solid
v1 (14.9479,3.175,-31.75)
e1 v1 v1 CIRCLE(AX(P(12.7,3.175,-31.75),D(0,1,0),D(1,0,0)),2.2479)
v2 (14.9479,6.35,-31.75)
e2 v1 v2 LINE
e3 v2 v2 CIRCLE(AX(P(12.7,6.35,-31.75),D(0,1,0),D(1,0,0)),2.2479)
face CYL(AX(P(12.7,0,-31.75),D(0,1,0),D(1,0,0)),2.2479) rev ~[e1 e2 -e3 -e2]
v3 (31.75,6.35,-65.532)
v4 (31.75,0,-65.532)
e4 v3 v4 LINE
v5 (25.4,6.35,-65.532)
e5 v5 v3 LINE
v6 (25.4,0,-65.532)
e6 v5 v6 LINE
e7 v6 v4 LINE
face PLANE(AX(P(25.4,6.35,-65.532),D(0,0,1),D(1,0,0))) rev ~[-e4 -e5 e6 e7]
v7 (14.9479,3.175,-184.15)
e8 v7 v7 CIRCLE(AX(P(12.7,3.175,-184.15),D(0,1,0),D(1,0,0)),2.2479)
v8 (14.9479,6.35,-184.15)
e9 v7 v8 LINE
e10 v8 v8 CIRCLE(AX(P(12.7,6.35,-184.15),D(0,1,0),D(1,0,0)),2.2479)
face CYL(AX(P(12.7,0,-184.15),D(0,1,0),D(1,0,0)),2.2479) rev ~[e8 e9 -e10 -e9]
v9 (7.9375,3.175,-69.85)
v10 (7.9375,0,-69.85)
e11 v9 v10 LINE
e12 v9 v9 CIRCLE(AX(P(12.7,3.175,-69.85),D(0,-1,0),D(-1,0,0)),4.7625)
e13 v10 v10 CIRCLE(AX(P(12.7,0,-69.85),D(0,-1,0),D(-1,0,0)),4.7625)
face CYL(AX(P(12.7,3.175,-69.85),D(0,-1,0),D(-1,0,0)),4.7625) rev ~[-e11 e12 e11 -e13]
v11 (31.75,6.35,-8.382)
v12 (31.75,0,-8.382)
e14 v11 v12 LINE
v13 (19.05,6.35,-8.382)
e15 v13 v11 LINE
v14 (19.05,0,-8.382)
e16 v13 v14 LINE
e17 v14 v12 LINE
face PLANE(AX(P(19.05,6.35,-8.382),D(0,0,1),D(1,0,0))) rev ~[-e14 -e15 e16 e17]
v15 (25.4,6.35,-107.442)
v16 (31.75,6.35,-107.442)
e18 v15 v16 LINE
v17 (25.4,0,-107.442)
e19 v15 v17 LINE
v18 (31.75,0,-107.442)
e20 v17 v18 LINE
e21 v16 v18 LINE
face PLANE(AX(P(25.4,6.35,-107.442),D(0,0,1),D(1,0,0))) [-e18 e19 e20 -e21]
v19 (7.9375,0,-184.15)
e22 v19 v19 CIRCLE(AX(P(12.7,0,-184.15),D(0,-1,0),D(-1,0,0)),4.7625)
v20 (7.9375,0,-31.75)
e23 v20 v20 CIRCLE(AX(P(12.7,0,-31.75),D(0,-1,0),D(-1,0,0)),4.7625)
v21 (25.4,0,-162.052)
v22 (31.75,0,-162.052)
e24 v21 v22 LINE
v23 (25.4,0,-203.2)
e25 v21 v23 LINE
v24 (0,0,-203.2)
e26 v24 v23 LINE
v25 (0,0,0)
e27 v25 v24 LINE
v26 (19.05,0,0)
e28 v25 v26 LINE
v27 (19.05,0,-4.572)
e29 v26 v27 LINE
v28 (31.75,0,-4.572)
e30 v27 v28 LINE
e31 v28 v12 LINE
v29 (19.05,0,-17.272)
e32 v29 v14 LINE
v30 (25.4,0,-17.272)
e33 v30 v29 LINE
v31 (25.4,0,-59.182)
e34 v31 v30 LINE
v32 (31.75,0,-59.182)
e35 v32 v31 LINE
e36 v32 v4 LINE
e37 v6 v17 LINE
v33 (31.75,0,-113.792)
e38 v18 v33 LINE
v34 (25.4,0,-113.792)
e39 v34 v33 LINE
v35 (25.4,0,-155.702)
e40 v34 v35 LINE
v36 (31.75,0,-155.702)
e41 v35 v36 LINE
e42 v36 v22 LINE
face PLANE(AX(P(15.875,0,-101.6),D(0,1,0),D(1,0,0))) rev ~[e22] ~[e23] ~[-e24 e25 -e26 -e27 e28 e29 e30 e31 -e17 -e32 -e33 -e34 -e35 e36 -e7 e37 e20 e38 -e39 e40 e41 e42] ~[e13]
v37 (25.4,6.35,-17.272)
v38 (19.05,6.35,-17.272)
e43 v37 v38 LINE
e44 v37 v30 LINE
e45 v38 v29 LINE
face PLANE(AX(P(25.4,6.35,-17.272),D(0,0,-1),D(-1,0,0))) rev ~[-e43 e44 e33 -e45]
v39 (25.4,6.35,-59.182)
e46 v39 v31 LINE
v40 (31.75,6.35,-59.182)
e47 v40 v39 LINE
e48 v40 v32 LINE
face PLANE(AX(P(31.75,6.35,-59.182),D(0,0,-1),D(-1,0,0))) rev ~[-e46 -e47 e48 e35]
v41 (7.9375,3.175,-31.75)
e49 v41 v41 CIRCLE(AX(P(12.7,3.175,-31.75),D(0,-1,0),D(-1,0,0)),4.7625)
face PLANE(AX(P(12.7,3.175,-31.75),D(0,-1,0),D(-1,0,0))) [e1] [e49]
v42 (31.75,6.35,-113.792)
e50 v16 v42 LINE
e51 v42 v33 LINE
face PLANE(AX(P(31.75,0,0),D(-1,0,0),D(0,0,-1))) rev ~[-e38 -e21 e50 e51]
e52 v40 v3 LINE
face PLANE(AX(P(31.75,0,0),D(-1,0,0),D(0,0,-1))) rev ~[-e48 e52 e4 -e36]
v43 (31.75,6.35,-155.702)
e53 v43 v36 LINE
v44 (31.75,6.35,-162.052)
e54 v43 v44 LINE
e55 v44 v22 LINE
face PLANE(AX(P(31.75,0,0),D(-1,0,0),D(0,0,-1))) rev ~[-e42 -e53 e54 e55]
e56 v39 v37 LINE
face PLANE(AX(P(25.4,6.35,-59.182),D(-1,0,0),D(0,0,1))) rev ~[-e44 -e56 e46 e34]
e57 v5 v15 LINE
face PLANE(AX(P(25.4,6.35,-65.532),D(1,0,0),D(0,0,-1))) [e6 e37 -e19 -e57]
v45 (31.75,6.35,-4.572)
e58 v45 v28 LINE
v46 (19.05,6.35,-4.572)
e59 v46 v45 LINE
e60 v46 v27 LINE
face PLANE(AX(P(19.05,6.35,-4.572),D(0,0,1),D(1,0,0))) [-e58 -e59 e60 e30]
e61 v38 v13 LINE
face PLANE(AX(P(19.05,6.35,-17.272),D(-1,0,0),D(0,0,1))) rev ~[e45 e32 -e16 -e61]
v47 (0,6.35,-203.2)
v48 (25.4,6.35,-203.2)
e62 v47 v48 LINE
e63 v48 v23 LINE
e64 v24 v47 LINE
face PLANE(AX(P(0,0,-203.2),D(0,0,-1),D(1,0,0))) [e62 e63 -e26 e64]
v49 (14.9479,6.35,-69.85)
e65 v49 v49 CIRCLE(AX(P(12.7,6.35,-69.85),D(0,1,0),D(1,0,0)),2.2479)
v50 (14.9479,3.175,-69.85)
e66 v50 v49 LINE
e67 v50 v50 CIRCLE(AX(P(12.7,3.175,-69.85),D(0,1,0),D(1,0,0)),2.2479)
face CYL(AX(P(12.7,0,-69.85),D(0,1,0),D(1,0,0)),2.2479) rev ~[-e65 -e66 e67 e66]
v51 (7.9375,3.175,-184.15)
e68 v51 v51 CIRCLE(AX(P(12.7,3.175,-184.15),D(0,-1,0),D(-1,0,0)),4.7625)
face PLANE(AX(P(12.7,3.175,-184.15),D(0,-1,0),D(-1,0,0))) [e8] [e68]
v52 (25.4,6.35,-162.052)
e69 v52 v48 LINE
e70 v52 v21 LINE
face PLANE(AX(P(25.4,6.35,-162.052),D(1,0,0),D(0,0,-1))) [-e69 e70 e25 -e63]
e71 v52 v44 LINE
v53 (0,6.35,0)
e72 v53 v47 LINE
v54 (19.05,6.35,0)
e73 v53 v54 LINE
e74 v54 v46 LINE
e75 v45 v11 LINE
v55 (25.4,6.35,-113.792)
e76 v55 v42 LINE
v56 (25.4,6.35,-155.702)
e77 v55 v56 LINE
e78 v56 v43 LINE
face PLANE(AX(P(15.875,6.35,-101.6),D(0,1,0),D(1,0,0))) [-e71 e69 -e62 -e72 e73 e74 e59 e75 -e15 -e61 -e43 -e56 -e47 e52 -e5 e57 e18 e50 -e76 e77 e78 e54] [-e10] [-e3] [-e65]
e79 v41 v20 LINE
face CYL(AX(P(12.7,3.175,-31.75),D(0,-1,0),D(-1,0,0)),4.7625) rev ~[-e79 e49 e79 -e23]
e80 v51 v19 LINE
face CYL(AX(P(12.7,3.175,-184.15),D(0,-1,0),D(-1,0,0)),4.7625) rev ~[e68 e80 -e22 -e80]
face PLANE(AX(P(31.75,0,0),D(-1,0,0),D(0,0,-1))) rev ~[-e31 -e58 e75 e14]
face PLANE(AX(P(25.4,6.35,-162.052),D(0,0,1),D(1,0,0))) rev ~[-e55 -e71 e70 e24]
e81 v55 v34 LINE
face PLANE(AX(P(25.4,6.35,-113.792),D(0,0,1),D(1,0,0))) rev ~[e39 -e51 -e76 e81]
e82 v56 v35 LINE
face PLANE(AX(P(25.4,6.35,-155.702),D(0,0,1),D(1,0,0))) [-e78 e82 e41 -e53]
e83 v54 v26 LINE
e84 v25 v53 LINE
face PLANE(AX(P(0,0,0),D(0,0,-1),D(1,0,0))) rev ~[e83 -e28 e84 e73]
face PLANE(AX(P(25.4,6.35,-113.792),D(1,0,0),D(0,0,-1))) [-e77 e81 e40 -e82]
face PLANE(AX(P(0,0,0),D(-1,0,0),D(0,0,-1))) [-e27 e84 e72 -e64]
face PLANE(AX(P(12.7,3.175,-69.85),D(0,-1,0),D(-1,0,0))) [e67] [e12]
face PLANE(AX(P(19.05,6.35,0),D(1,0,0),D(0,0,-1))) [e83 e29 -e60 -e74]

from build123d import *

# Parameters (mm, degrees)
SKETCH1_W                                           = 31.75
SKETCH1_H                                           = 203.2
BOSS_EXTRUDE1_DEPTH                                 = 6.35
SKETCH2_W                                           = 6.35
SKETCH2_H                                           = 41.148
SKETCH2_H_2                                         = 41.91
SKETCH2_W_2                                         = 12.7
SKETCH2_H_3                                         = 4.572
CUT_EXTRUDE1_DEPTH                                  = 7.35
CBORE_FOR_8_BINDING_HEAD_MACHINE_SCREW1_D           = 4.4958
CBORE_FOR_8_BINDING_HEAD_MACHINE_SCREW1_CBORE_D     = 9.525
CBORE_FOR_8_BINDING_HEAD_MACHINE_SCREW1_CBORE_DEPTH = 3.175


with BuildPart() as part:
    # Sketch1 → Boss-Extrude1 (new body)
    with BuildSketch(Plane(origin=(0, 0, 0), x_dir=(1, 0, 0), z_dir=(0, 1, 0))):
        with Locations((15.875, 101.6)):
            Rectangle(SKETCH1_W, SKETCH1_H)
    extrude(amount=BOSS_EXTRUDE1_DEPTH)

    # Sketch2 → Cut-Extrude1 (cut, through all)
    with BuildSketch(Plane(origin=(0, 6.35, 0), x_dir=(1, 0, 0), z_dir=(0, 1, 0))):
        with Locations((28.575, 182.626)):
            Rectangle(SKETCH2_W, SKETCH2_H)
        with Locations((28.575, 134.747)):
            Rectangle(SKETCH2_W, SKETCH2_H_2)
        Polygon((31.75, 59.182), (25.4, 59.182), (25.4, 17.272), (19.05, 17.272), (19.05, 8.382), (31.75, 8.382), align=None)
        with Locations((28.575, 86.487)):
            Rectangle(SKETCH2_W, SKETCH2_H_2)
        with Locations((25.4, 2.286)):
            Rectangle(SKETCH2_W_2, SKETCH2_H_3)
    extrude(amount=-CUT_EXTRUDE1_DEPTH, mode=Mode.SUBTRACT)

    # CBORE for #8 Binding Head Machine Screw1 (through all)
    with Locations(Plane(origin=(0, 0, 0), x_dir=(-1, 0, 0), z_dir=(0, -1, 0))):
        with Locations((-12.7, 31.75), (-12.7, 69.85), (-12.7, 184.15)):
            CounterBoreHole(CBORE_FOR_8_BINDING_HEAD_MACHINE_SCREW1_D / 2, CBORE_FOR_8_BINDING_HEAD_MACHINE_SCREW1_CBORE_D / 2, CBORE_FOR_8_BINDING_HEAD_MACHINE_SCREW1_CBORE_DEPTH)


solid = part.part
